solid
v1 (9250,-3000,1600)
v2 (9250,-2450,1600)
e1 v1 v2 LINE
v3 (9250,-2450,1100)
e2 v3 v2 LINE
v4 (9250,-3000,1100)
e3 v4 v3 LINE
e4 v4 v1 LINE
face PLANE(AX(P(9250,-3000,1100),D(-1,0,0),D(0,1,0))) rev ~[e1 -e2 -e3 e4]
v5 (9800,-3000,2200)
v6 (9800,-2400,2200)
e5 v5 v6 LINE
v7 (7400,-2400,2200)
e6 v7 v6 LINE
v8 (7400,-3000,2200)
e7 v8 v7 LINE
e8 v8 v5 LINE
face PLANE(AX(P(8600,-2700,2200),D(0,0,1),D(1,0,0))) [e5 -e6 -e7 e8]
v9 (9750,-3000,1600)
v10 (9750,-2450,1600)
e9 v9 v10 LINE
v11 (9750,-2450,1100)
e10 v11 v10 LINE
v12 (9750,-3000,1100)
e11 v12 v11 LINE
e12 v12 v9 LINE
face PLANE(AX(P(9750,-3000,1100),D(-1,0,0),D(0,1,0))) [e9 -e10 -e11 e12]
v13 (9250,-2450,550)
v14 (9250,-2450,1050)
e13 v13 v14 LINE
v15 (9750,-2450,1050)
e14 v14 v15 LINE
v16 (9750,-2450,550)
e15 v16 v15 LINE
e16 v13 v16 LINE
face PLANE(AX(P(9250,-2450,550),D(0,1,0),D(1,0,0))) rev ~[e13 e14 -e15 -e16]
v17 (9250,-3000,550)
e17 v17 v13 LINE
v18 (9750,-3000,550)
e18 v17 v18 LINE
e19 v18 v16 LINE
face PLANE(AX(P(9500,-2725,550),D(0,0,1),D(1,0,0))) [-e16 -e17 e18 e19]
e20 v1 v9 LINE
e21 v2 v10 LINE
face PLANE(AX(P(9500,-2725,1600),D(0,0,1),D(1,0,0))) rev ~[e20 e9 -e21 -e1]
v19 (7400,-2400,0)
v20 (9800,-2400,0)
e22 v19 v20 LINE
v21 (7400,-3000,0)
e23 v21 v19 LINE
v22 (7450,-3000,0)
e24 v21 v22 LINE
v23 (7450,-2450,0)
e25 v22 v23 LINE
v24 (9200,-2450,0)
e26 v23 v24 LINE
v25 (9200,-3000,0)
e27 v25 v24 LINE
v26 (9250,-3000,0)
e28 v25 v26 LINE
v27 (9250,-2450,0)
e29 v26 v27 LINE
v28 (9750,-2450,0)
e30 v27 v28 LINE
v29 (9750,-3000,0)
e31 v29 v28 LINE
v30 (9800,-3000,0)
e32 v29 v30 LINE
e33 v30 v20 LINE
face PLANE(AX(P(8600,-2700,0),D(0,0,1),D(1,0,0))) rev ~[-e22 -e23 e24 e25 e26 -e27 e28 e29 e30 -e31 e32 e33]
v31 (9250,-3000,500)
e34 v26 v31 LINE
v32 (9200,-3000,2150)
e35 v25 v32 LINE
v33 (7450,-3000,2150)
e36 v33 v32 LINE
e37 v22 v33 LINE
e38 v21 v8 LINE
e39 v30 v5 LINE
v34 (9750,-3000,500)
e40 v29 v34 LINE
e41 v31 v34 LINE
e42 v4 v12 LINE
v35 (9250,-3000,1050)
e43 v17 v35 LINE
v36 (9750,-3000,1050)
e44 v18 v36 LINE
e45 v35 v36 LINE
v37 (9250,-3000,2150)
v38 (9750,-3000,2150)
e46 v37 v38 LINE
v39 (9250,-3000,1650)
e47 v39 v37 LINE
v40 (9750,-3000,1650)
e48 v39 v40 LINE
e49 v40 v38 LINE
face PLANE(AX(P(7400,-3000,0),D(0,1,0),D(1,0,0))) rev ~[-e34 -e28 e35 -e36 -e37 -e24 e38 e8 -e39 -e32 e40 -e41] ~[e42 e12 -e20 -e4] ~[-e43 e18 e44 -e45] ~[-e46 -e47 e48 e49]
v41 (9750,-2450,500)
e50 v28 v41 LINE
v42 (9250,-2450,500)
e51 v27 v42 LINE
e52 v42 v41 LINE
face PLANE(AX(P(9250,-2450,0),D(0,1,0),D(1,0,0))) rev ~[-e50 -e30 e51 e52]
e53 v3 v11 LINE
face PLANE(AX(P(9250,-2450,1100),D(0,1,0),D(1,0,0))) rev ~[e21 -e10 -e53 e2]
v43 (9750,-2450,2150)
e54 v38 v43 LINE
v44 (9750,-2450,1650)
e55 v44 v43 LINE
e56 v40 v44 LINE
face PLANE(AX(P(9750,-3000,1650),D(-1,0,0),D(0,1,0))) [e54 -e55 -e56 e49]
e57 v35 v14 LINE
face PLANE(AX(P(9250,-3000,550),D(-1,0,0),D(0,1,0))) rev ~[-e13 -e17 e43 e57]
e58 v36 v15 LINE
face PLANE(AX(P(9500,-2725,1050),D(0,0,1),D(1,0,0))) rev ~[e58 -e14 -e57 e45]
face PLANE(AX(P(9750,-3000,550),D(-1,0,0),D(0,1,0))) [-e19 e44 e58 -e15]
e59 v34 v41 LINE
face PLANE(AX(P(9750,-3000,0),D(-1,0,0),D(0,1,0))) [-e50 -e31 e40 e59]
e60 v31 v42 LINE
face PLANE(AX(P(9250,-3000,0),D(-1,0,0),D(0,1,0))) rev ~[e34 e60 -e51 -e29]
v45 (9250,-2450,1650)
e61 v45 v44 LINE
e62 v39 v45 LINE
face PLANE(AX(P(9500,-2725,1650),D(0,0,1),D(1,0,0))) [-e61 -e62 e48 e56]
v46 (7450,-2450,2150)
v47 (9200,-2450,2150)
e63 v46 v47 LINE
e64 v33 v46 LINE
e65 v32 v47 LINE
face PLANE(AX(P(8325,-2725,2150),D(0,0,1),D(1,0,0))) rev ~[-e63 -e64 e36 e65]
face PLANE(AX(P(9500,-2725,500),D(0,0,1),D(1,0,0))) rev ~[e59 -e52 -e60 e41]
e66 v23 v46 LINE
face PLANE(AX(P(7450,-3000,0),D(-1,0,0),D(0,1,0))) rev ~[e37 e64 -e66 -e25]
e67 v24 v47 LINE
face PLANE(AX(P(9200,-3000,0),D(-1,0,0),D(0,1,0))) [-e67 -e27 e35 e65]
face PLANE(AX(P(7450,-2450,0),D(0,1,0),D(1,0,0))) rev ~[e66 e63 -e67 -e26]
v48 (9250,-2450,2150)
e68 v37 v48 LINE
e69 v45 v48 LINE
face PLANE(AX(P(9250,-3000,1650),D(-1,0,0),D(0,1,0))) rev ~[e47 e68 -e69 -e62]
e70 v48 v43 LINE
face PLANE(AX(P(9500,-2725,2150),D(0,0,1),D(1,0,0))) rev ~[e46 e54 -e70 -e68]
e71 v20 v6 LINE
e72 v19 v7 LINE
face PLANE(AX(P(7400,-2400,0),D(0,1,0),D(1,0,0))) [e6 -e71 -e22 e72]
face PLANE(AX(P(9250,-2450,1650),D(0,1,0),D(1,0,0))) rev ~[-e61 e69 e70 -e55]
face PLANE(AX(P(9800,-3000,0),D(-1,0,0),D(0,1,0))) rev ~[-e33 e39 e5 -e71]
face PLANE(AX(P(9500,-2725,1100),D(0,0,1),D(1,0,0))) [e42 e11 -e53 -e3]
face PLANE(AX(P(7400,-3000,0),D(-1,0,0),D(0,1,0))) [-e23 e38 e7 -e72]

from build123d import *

# Parameters (mm, degrees)
BOX3575_W        = 1750
BOX3575_H        = 550
BOX3575_DEPTH    = 2150
BOX3574_W        = 500
BOX3574_H        = 550
BOX3574_DEPTH    = 500
ARRAY291_Z_COUNT = 4
ARRAY291_Z_PITCH = 550
BOX3573_W        = 2400
BOX3573_H        = 600
BOX3573_DEPTH    = 2200


with BuildPart() as box3575:
    # Box3575 → Box3575 (new body)
    with BuildSketch(Plane(origin=(7550, -3000, 0), x_dir=(1, 0, 0), z_dir=(0, 0, 1))):
        with Locations((875, 275)):
            Rectangle(BOX3575_W, BOX3575_H)
    extrude(amount=BOX3575_DEPTH)


with BuildPart() as array291:
    # Box3574 → Box3574 (new body)
    with BuildSketch(Plane(origin=(9350, -3000, 0), x_dir=(1, 0, 0), z_dir=(0, 0, 1))):
        with Locations((250, 275)):
            Rectangle(BOX3574_W, BOX3574_H)
    extrude(amount=BOX3574_DEPTH)

    # Array291 Z: Array291 ×4


with BuildPart() as array291_1:
    add(array291.part)
    with Locations(*[(0, 0, i * ARRAY291_Z_PITCH) for i in range(1, ARRAY291_Z_COUNT)]):
        add(array291.part)


with BuildPart() as cut009:
    # Box3573 → Box3573 (new body)
    with BuildSketch(Plane(origin=(7500, -3000, 0), x_dir=(1, 0, 0), z_dir=(0, 0, 1))):
        with Locations((1200, 300)):
            Rectangle(BOX3573_W, BOX3573_H)
    extrude(amount=BOX3573_DEPTH)

    # Cut008: cut Array291
    add(array291_1.part, mode=Mode.SUBTRACT)

    # Cut009: cut Box3575
    add(box3575.part, mode=Mode.SUBTRACT)


with BuildPart() as cut009_1:
    # Cut009 placement: moved
    add(cut009.part.moved(Location((-100, 0, 0))))


solid = cut009_1.part
